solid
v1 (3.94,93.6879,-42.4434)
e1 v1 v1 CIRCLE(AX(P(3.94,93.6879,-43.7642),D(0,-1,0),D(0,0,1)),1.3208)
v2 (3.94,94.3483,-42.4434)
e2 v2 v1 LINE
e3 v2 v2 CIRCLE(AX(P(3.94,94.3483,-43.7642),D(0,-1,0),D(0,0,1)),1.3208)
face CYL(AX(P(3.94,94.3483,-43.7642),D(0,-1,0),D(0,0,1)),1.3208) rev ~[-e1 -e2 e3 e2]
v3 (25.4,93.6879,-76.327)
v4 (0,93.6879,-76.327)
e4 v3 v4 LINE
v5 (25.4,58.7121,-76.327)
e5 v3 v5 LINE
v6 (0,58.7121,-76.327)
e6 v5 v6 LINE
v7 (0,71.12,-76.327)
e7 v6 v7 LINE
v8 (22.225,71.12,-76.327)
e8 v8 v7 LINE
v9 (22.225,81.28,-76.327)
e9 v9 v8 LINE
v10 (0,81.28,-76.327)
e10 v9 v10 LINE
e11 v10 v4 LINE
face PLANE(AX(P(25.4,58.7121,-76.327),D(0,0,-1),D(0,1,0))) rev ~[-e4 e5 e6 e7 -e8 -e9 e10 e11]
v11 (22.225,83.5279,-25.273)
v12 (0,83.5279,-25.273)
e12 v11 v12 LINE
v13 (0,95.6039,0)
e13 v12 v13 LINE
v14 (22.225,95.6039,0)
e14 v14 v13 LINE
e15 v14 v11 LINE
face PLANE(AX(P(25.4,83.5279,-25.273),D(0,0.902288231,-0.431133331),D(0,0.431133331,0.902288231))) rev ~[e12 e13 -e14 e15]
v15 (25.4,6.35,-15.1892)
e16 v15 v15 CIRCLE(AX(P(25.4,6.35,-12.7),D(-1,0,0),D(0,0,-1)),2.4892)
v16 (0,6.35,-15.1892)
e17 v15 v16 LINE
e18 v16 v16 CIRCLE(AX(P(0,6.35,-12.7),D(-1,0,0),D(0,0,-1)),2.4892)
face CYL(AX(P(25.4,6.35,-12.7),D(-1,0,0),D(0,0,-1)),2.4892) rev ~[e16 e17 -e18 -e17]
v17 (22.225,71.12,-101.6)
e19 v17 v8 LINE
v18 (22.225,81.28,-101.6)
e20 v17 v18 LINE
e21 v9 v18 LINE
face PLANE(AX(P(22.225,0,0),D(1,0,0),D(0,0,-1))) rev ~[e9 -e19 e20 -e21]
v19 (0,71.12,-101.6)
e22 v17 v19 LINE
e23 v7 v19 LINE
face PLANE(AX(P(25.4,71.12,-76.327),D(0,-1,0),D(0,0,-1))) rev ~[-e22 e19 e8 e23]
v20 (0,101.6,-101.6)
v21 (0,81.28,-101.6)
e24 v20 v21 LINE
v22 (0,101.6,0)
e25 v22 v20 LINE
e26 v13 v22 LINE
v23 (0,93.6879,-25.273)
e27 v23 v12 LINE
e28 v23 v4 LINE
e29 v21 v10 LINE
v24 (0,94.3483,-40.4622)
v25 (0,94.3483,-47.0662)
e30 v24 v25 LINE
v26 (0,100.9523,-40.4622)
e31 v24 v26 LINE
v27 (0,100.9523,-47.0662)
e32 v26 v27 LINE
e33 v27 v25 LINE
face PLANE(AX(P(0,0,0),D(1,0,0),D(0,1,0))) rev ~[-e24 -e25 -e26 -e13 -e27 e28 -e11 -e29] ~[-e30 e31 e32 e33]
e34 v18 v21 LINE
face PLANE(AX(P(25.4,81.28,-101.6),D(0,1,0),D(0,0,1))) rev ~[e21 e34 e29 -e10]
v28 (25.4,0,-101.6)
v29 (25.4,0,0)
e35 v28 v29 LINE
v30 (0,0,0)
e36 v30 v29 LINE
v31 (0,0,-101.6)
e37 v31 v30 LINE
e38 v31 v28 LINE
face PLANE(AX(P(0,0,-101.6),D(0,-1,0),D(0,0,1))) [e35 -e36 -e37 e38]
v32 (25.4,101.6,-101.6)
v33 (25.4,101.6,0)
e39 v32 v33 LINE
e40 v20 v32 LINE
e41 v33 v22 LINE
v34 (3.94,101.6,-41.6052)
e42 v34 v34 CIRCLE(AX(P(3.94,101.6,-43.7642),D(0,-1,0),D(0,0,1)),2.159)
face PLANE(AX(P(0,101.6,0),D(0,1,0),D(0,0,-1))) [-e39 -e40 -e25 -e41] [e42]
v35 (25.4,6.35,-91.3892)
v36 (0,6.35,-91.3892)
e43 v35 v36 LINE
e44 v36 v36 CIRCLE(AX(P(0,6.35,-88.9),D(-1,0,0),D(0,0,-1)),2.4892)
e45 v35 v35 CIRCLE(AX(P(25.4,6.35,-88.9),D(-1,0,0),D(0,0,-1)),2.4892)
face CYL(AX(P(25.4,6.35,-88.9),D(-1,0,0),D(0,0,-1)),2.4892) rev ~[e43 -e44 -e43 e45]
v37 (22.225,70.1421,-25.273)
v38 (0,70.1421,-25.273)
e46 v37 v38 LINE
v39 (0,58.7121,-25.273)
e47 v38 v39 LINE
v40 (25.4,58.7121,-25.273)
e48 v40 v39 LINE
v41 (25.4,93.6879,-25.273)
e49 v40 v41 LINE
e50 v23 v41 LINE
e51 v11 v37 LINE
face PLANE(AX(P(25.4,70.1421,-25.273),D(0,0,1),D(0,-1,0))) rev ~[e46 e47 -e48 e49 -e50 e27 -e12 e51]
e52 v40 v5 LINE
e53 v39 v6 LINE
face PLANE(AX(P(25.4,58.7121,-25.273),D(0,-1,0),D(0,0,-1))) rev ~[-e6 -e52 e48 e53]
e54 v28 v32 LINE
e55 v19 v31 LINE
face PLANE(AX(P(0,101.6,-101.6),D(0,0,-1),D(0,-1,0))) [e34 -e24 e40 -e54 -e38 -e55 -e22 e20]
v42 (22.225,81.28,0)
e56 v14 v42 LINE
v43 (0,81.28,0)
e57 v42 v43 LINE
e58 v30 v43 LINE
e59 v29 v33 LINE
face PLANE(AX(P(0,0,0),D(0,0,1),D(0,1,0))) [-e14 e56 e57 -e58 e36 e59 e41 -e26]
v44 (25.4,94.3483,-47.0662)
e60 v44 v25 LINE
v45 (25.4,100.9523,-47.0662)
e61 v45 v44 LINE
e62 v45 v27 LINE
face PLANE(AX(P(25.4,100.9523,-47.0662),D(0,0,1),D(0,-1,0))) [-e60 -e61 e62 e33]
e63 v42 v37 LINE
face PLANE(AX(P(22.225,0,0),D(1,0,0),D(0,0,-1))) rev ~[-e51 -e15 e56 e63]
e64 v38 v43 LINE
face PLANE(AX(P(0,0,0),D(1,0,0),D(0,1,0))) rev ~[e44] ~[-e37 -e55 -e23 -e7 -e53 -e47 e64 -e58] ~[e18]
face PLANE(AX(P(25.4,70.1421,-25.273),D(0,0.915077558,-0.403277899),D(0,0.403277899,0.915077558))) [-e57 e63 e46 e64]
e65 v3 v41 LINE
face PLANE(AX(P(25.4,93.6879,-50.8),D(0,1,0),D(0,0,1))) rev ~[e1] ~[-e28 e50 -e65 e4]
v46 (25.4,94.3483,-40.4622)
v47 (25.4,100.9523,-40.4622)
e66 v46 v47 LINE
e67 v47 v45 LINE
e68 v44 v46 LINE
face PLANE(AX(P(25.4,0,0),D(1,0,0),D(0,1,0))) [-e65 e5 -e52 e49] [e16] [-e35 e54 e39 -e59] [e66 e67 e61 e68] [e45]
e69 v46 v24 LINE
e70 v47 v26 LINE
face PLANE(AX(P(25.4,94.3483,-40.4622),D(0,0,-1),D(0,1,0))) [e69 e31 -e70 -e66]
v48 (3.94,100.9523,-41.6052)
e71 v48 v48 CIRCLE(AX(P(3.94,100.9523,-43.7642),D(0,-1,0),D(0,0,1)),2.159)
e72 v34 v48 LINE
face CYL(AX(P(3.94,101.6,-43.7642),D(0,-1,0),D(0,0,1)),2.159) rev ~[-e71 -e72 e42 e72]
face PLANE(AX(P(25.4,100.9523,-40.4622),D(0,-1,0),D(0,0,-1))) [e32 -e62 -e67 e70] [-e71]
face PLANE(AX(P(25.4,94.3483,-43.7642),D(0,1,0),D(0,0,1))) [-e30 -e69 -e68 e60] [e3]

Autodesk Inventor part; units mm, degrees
ref_plane "YZ Plane" through (0, 0, 0) normal (1, 0, 0) x (0, 1, 0)
ref_plane "XZ Plane" through (0, 0, 0) normal (0, 1, 0) x (-1, 0, 0)
ref_plane "XY Plane" through (0, 0, 0) normal (0, 0, 1) x (1, 0, 0)
sketch "Sketch1" plane through (0, 0, 0) normal (1, 0, 0) x (0, 1, 0)
  line L0 (0, 0) -> (101.6, 0)
  line L1 (101.6, 0) -> (101.6, -101.6)
  line L2 (101.6, -101.6) -> (0, -101.6)
  line L3 (0, -101.6) -> (0, 0)
  dimension "d0" = 101.6
  dimension "d1" = 101.6
extrude "Extrusion1" add sketch "Sketch1" along normal blind 25.4
sketch "Sketch2" plane through (25.4, 0, 0) normal (1, 0, 0) x (0, 0, -1)
  line L0 (0, 101.6) -> (0, 0) projected
  line L1 (0, 0) -> (12.7, 0)
  line L2 (12.7, 0) -> (12.7, 6.35)
  line L3 (12.7, 6.35) -> (0, 6.35)
  line L4 (0, 6.35) -> (0, 0)
  line L5 (101.6, 0) -> (101.6, 101.6) projected
  line L6 (101.6, 0) -> (88.9, 0)
  line L7 (88.9, 0) -> (88.9, 6.35)
  line L8 (88.9, 6.35) -> (101.6, 6.35)
  line L9 (101.6, 6.35) -> (101.6, 0)
  line L10 (101.6, 101.6) -> (0, 101.6) projected
  line L11 (50.8, 101.6) -> (50.8, 76.2)
  line L12 (25.273, 58.7121) -> (76.327, 58.7121)
  line L13 (76.327, 58.7121) -> (76.327, 93.6879)
  line L14 (76.327, 93.6879) -> (25.273, 93.6879)
  line L15 (25.273, 93.6879) -> (25.273, 58.7121)
  line L16 (25.273, 58.7121) -> (76.327, 93.6879) construction
  line L17 (76.327, 58.7121) -> (25.273, 93.6879) construction
  line L18 (74.9076, 71.12) -> (101.6, 71.12)
  line L19 (101.6, 71.12) -> (101.6, 81.28)
  line L20 (101.6, 81.28) -> (74.9076, 81.28)
  line L21 (74.9076, 81.28) -> (74.9076, 71.12)
  line L22 (74.9076, 71.12) -> (101.6, 81.28) construction
  line L23 (101.6, 71.12) -> (74.9076, 81.28) construction
  line L24 (25.273, 93.6879) -> (25.273, 83.5279)
  line L25 (25.273, 58.7121) -> (25.273, 70.1421)
  line L26 (25.273, 70.1421) -> (0, 81.28)
  line L27 (25.273, 83.5279) -> (0, 95.6039)
  line L28 (0, 81.28) -> (0, 95.6039)
  line L29 (25.273, 83.5279) -> (25.273, 70.1421)
  point P0 (88.2538, 76.2)
  point P1 (76.327, 81.28)
  point P2 (76.327, 71.12)
  dimension "d4" = 12.7
  dimension "d5" = 6.35
  dimension "d6" = 12.7
  dimension "d7" = 6.35
  dimension "d8" = 25.4
  dimension "d9" = 51.054
  dimension "d10" = 34.9758
  dimension "d20" = 10.16
  dimension "d21" = 10.16
  dimension "d22" = 11.43
extrude "Extrusion2" cut sketch "Sketch2" against normal blind 25.4 contours L27 L15 L26 L0 | L15 L14 L13 L20 L21 L18 L12 | L5 L18 L13 L20 | L13 L18 L21 L20
hole "Hole1" at (25.4, 6.35, -88.9) at (25.4, 6.35, -12.7) direction (-1, 0, 0) diameter 4.9784 end through all thread size "1/4-20 UNC" class "2B" standard "ANSI Unified Screw Threads"
sketch "Sketch5" plane through (25.4, 0, 0) normal (1, 0, 0) x (0, 0, -1)
  line L0 (0, 101.6) -> (0, 95.6039) projected
  line L1 (25.273, 58.7121) -> (76.327, 58.7121) projected
  line L2 (0, 101.6) -> (25.273, 101.6)
  line L3 (25.273, 101.6) -> (25.273, 58.7121)
  line L4 (25.273, 58.7121) -> (0, 58.7121)
  line L5 (0, 58.7121) -> (0, 101.6)
  line L6 (101.6, 81.28) -> (101.6, 101.6) projected
  line L7 (76.327, 58.7121) -> (101.6, 58.7121)
  line L8 (101.6, 58.7121) -> (101.6, 101.6)
  line L9 (101.6, 101.6) -> (76.327, 101.6)
  line L10 (76.327, 101.6) -> (76.327, 58.7121)
  point P0 (0, 0)
extrude "Extrusion4" add sketch "Sketch5" against normal blind 3.175
sketch "Sketch6" plane through (25.4, 0, 0) normal (1, 0, 0) x (0, 0, -1)
  line L0 (76.327, 93.6879) -> (25.273, 93.6879) projected
  line L1 (50.8, 93.6879) -> (43.7642, 93.6879)
  line L2 (43.7642, 93.6879) -> (43.7642, 97.6503)
  line L3 (101.6, 101.6) -> (0, 101.6) projected
  line L4 (40.4622, 100.9523) -> (47.0662, 100.9523)
  line L5 (47.0662, 100.9523) -> (47.0662, 94.3483)
  line L6 (47.0662, 94.3483) -> (40.4622, 94.3483)
  line L7 (40.4622, 94.3483) -> (40.4622, 100.9523)
  line L8 (40.4622, 100.9523) -> (47.0662, 94.3483) construction
  line L9 (47.0662, 100.9523) -> (40.4622, 94.3483) construction
  point P0 (0, 0)
  dimension "d30" = 7.0358
  dimension "d31" = 3.9624
  dimension "d32" = 6.604
  dimension "d33" = 6.604
extrude "Extrusion5" cut sketch "Sketch6" against normal blind 25.4
sketch "Sketch7" plane through (0, 101.6, 0) normal (0, 1, 0) x (1, 0, 0)
  line L0 (25.4, 40.4622) -> (0, 40.4622) projected
  line L1 (25.4, 47.0662) -> (0, 47.0662) projected
  line L2 (0, 47.0662) -> (0, 43.7642)
  line L3 (0, 101.6) -> (0, 0) projected
  line L4 (0, 43.7642) -> (3.94, 43.7642)
  dimension "d36" = 3.302
  dimension "d37" = 3.94
hole "Hole2" at (3.94, 101.6, -43.7642) direction (0, -1, 0) diameter 4.318 depth 6.35 tip angle 118 clearance for "Socket Head Cap Screw" size "#6" standard "Ansi Unified Screw Threads"
sketch "Sketch8" plane through (25.4, 94.3483, -40.4622) normal (0, 1, 0) x (1, 0, 0)
  point P0 (-25.4, -40.4622)
  point P1 (-21.46, 3.302)
hole "Hole3" at (3.94, 94.3483, -43.7642) direction (0, -1, 0) diameter 2.6416 depth 10.9728 tip angle 118 thread size "6-32 UNC" class "2B" standard "ANSI Unified Screw Threads"
properties part number "Al thermal core"
